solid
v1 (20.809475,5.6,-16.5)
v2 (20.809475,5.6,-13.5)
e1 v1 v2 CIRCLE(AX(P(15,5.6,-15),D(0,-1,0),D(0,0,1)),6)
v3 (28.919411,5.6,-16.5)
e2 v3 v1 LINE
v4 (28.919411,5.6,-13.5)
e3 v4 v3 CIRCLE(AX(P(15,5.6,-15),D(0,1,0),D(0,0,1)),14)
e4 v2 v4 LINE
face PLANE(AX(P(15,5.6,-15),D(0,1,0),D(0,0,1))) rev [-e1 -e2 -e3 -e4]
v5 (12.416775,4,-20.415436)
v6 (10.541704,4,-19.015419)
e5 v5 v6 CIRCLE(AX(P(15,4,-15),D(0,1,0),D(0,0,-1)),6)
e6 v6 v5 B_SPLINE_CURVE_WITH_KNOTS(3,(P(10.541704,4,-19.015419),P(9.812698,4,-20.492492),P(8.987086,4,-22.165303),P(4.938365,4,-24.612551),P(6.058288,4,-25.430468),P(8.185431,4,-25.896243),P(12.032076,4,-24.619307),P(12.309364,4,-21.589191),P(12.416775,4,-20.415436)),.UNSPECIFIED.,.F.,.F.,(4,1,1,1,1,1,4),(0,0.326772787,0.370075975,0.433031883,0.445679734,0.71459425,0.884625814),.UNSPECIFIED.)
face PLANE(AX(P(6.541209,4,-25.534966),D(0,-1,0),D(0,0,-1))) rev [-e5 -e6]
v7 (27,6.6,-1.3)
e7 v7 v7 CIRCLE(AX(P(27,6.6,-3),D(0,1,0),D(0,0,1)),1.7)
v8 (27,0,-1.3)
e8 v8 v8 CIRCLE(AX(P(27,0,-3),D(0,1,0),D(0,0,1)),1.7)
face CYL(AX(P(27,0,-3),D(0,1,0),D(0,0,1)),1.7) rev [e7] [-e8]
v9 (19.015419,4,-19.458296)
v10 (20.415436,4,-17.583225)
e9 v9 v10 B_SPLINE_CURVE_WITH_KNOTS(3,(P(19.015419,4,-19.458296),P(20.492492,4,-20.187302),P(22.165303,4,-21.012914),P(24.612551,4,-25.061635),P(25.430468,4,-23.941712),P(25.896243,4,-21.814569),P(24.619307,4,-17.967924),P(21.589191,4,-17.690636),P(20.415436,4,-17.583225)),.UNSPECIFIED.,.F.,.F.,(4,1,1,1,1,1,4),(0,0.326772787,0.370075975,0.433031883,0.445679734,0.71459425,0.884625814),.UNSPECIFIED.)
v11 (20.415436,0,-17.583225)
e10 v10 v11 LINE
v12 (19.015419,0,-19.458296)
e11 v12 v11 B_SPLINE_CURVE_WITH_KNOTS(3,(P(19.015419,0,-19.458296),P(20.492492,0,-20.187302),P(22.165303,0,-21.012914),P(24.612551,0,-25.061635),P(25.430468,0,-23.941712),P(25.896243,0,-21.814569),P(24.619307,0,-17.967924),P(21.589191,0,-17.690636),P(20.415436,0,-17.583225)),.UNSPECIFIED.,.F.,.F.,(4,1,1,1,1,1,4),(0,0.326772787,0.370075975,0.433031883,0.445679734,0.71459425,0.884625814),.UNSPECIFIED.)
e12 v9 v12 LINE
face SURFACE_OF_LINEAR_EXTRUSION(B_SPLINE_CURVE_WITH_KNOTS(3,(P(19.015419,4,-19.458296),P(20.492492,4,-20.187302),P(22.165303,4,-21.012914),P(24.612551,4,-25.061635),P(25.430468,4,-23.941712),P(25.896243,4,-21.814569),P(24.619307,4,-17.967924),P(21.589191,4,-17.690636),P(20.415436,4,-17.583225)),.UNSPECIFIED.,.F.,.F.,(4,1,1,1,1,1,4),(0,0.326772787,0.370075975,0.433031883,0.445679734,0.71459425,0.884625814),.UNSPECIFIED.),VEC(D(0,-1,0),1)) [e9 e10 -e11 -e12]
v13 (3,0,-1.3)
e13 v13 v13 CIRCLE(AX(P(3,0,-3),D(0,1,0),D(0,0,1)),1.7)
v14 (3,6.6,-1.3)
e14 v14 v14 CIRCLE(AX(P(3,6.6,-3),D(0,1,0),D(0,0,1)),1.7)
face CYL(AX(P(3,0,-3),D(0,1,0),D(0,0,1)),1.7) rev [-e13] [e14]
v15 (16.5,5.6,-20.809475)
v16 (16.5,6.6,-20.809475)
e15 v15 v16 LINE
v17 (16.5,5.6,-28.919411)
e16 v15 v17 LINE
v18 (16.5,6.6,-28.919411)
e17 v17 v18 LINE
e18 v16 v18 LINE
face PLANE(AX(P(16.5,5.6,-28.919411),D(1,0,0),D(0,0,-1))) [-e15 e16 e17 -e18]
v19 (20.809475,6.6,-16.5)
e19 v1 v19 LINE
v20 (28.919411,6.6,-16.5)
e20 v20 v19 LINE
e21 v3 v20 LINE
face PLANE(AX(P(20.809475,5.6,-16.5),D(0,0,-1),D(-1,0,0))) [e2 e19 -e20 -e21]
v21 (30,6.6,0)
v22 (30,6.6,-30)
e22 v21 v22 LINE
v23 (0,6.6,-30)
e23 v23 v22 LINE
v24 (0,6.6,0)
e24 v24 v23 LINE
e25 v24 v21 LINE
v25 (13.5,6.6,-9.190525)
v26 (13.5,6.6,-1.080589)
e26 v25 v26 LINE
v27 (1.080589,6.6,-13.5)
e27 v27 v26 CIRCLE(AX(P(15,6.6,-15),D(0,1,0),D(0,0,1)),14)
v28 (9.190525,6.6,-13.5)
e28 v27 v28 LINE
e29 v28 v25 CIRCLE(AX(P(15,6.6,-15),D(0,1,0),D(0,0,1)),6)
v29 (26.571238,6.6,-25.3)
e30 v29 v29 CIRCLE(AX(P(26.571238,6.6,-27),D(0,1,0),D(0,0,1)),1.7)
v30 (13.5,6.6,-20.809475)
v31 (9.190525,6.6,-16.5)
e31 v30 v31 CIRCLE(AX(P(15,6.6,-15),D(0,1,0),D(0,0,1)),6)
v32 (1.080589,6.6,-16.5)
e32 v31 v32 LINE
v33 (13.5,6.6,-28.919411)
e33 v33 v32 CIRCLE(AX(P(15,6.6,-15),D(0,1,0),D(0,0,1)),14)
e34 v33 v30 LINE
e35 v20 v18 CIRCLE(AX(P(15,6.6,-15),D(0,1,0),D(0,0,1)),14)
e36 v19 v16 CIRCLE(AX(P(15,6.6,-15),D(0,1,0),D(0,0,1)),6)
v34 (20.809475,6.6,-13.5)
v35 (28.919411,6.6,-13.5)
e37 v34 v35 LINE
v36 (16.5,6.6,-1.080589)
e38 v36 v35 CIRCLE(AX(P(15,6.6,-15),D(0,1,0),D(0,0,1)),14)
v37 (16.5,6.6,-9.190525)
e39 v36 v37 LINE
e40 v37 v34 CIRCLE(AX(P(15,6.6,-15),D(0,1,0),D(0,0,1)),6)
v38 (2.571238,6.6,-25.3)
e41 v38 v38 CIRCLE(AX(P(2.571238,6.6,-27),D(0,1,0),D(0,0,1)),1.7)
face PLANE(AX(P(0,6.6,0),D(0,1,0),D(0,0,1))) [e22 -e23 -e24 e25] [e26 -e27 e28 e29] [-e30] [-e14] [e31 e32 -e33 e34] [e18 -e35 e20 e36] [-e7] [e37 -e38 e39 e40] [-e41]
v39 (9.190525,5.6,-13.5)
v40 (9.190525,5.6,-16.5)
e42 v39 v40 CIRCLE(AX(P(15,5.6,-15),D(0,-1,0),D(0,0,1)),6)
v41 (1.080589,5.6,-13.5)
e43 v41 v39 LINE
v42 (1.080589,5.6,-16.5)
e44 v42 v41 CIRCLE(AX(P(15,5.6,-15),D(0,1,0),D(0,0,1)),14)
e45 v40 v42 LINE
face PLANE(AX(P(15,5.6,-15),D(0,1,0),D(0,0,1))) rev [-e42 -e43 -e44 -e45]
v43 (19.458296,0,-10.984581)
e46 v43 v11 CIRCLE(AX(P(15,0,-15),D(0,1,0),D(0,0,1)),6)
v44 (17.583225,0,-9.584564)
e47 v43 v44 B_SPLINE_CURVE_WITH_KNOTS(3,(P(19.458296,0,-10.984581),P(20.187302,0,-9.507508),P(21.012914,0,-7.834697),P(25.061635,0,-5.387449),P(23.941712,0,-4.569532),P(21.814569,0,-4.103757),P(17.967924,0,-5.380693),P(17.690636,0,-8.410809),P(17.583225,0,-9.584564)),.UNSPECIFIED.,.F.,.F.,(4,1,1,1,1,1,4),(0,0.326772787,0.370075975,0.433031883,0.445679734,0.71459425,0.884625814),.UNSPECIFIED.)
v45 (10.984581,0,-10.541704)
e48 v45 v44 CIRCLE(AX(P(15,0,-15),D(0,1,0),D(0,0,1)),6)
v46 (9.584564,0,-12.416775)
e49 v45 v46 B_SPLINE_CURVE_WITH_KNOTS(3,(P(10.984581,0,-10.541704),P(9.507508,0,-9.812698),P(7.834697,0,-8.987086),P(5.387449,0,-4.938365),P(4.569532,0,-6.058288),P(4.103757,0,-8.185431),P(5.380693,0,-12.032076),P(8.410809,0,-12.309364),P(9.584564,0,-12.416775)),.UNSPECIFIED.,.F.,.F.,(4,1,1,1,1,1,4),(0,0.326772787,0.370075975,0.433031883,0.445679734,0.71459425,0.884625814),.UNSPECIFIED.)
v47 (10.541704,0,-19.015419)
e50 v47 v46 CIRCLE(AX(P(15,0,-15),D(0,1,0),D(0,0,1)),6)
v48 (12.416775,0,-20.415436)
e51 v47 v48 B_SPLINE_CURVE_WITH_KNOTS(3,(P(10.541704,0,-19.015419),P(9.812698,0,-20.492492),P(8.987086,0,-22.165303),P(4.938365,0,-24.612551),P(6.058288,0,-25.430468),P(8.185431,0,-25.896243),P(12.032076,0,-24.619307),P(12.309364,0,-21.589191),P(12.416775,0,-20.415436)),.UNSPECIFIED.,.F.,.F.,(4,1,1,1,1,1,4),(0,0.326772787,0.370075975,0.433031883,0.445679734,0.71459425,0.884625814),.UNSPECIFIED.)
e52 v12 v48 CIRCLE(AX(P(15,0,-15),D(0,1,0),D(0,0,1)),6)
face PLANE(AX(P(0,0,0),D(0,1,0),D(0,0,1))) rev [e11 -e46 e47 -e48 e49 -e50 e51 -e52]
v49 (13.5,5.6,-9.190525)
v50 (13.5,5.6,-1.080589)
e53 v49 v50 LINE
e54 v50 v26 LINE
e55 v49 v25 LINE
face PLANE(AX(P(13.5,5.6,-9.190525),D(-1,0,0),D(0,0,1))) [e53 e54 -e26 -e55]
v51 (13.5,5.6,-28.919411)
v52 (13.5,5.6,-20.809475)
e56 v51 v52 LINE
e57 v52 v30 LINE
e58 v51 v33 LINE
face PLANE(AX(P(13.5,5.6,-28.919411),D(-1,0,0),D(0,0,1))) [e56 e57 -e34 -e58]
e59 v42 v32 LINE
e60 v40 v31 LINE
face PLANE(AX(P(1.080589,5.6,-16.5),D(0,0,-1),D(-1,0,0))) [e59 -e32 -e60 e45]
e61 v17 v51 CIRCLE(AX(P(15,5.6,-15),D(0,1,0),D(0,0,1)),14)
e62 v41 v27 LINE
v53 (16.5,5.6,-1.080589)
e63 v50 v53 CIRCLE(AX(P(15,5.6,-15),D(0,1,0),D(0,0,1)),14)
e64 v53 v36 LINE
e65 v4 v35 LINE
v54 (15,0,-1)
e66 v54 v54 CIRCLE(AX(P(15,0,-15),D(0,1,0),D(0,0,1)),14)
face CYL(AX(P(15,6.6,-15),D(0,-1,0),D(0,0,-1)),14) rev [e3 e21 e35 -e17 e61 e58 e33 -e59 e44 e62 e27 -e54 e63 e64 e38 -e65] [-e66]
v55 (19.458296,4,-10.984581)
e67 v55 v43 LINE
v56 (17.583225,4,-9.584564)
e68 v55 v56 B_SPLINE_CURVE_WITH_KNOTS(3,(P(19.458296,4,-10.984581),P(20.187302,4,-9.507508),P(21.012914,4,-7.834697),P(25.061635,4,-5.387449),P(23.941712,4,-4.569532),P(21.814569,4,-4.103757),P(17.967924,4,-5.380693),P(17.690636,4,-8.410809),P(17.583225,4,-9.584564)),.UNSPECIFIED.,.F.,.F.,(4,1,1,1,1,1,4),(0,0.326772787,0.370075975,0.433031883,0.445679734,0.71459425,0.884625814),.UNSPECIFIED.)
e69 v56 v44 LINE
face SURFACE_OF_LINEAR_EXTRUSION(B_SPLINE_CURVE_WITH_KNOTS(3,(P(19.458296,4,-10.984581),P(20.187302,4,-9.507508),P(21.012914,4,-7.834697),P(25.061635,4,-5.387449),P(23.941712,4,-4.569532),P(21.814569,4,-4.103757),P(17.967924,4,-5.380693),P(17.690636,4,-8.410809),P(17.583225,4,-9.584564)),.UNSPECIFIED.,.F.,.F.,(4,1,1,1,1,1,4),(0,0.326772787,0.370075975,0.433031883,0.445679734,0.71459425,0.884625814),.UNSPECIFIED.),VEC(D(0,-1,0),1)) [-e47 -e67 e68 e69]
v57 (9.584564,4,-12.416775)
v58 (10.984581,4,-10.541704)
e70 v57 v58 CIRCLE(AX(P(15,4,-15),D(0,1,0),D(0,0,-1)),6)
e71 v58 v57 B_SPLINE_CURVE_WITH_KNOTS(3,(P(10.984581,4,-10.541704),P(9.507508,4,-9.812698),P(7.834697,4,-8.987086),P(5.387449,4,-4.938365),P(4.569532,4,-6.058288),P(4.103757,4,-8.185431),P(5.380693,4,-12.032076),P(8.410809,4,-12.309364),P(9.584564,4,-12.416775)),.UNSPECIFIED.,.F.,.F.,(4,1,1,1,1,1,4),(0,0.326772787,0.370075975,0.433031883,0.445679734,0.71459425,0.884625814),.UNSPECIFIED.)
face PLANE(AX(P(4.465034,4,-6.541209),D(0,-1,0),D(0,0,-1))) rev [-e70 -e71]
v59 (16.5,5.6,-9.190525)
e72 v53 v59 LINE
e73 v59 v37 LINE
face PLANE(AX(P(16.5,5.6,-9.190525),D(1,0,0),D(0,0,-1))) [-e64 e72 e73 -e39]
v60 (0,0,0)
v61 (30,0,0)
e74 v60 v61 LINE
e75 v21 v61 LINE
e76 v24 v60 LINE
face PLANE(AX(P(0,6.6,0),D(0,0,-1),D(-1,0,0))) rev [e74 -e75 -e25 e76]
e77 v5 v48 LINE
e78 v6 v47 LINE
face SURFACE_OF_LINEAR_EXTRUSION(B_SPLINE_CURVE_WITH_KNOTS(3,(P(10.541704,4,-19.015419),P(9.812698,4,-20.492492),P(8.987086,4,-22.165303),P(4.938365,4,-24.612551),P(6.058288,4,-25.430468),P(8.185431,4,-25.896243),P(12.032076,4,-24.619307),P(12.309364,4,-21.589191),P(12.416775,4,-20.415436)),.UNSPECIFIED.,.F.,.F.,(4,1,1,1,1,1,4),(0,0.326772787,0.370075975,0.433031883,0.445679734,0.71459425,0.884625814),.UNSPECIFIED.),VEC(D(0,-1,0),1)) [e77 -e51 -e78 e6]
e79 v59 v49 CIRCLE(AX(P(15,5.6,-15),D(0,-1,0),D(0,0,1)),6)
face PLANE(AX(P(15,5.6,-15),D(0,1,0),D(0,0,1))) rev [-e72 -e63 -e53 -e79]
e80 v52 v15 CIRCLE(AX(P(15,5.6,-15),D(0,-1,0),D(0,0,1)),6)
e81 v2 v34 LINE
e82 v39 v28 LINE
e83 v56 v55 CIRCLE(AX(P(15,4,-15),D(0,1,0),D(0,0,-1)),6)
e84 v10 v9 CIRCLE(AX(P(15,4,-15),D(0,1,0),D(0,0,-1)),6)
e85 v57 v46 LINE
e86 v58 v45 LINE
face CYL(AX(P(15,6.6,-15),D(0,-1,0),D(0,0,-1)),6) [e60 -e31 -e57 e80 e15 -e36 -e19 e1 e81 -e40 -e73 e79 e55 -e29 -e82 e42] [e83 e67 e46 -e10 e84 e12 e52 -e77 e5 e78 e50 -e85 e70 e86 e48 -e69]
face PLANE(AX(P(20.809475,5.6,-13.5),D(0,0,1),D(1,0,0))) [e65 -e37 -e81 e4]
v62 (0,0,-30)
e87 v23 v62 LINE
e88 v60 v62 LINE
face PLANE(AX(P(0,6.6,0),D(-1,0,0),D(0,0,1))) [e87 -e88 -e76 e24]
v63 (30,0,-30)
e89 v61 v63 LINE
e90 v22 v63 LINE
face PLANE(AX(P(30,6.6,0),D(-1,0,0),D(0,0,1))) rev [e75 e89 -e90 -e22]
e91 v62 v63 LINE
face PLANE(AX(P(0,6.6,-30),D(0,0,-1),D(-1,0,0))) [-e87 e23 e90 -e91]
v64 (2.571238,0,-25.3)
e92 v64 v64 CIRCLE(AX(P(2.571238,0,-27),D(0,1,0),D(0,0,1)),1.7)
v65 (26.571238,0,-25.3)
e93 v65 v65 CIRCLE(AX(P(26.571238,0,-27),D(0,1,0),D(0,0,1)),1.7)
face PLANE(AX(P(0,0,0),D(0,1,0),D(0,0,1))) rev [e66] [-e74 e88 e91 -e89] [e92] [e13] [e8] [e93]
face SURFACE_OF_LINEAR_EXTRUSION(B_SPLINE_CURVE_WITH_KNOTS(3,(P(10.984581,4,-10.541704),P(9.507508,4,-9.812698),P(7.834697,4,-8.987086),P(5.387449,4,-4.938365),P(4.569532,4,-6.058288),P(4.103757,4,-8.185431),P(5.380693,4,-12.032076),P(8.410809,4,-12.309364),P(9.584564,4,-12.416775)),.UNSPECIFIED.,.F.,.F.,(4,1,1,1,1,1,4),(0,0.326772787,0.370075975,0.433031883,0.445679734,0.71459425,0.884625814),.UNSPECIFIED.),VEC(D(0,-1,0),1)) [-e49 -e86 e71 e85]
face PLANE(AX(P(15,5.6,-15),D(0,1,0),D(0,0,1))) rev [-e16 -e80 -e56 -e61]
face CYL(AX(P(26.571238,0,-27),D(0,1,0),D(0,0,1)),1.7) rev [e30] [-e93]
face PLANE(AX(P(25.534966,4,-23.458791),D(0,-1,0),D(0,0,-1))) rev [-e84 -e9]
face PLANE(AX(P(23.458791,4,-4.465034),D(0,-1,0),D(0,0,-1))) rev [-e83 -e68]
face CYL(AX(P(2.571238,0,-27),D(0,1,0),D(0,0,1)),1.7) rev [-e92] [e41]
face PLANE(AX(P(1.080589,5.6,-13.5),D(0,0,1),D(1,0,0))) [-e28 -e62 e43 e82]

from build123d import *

# Parameters (mm, degrees)
SKETCH1_R             = 6
BOSS_EXTRUDE1_DEPTH   = 6.6
SKETCH1_W             = 30
SKETCH1_H             = 30
SKETCH1_R_2           = 14
BOSS_EXTRUDE1_2_DEPTH = 6.6
BOSS_EXTRUDE2_START   = -1
BOSS_EXTRUDE2_DEPTH   = 1
BOSS_EXTRUDE3_DEPTH   = 4
SKETCH4_R             = 1.7
CUT_EXTRUDE1_DEPTH    = 43.936697606


with BuildPart() as part:
    # Sketch1 → Boss-Extrude1 (new body)
    with BuildSketch(Plane(origin=(0, 0, 0), x_dir=(1, 0, 0), z_dir=(0, 1, 0))):
        with Locations(Location((15, 15, 0), (0, 0, 270))):
            Circle(SKETCH1_R)
    extrude(amount=BOSS_EXTRUDE1_DEPTH)



with BuildPart() as body_2:
    # Sketch1 → Boss-Extrude1 2 (new body)
    with BuildSketch(Plane(origin=(0, 0, 0), x_dir=(1, 0, 0), z_dir=(0, 1, 0))):
        with Locations((15, 15)):
            Rectangle(SKETCH1_W, SKETCH1_H)
        with Locations(Location((15, 15, 0), (0, 0, 270))):
            Circle(SKETCH1_R_2, mode=Mode.SUBTRACT)
    extrude(amount=BOSS_EXTRUDE1_2_DEPTH)


with BuildPart() as part_1:
    add(part.part)

    add(body_2.part)  # Boss-Extrude2 merges body 2
    # Sketch2 → Boss-Extrude2 (add)
    with BuildSketch(Plane(origin=(0, 6.6, 0), x_dir=(1, 0, 0), z_dir=(0, 1, 0)).offset(BOSS_EXTRUDE2_START)):
        with BuildLine():
            Line((13.5, 28.919410907), (13.5, 20.809475019))
            ThreePointArc((13.5, 20.809475019), (15, 21), (16.5, 20.809475019))
            Line((16.5, 20.809475019), (16.5, 28.919410907))
            ThreePointArc((16.5, 28.919410907), (15, 29), (13.5, 28.919410907))
        make_face()
        with BuildLine():
            Line((1.080589093, 16.5), (9.190524981, 16.5))
            ThreePointArc((9.190524981, 16.5), (9, 15), (9.190524981, 13.5))
            Line((9.190524981, 13.5), (1.080589093, 13.5))
            ThreePointArc((1.080589093, 13.5), (1, 15), (1.080589093, 16.5))
        make_face()
        with BuildLine():
            Line((16.5, 9.190524981), (16.5, 1.080589093))
            ThreePointArc((16.5, 1.080589093), (15, 1), (13.5, 1.080589093))
            Line((13.5, 1.080589093), (13.5, 9.190524981))
            ThreePointArc((13.5, 9.190524981), (15, 9), (16.5, 9.190524981))
        make_face()
        with BuildLine():
            Line((20.809475019, 16.5), (28.919410907, 16.5))
            ThreePointArc((28.919410907, 16.5), (29, 15), (28.919410907, 13.5))
            Line((28.919410907, 13.5), (20.809475019, 13.5))
            ThreePointArc((20.809475019, 13.5), (21, 15), (20.809475019, 16.5))
        make_face()
    extrude(amount=BOSS_EXTRUDE2_DEPTH)

    # Sketch3 → Boss-Extrude3 (add)
    with BuildSketch(Plane.XZ):
        with BuildLine():
            ThreePointArc((10.984580655, -10.541703522), (10.192273789, -11.410324711), (9.58456397, -12.416774767))
            add(Edge.make_bspline(
                [(9.58456397, -12.416774767), (8.410808732, -12.309363624), (5.380693334, -12.032075695), (4.103757472, -8.185431429), (4.56953199, -6.058287866), (5.387449297, -4.938364862), (7.834696959, -8.987085919), (9.507507968, -9.812697812), (10.984580655, -10.541703522)],
                knots=[0, 0, 0, 0, 0.170031564, 0.438946079, 0.451593931, 0.514549839, 0.557853027, 0.884625814, 0.884625814, 0.884625814, 0.884625814], degree=3))
        make_face()
        with BuildLine():
            ThreePointArc((19.458296478, -10.984580655), (18.589675289, -10.192273789), (17.583225233, -9.58456397))
            add(Edge.make_bspline(
                [(17.583225233, -9.58456397), (17.690636376, -8.410808732), (17.967924305, -5.380693334), (21.814568571, -4.103757472), (23.941712134, -4.56953199), (25.061635138, -5.387449297), (21.012914081, -7.834696959), (20.187302188, -9.507507968), (19.458296478, -10.984580655)],
                knots=[0, 0, 0, 0, 0.170031564, 0.438946079, 0.451593931, 0.514549839, 0.557853027, 0.884625814, 0.884625814, 0.884625814, 0.884625814], degree=3))
        make_face()
        with BuildLine():
            ThreePointArc((19.015419345, -19.458296478), (19.807726211, -18.589675289), (20.41543603, -17.583225233))
            add(Edge.make_bspline(
                [(20.41543603, -17.583225233), (21.589191268, -17.690636376), (24.619306666, -17.967924305), (25.896242528, -21.814568571), (25.43046801, -23.941712134), (24.612550703, -25.061635138), (22.165303041, -21.012914081), (20.492492032, -20.187302188), (19.015419345, -19.458296478)],
                knots=[0, 0, 0, 0, 0.170031564, 0.438946079, 0.451593931, 0.514549839, 0.557853027, 0.884625814, 0.884625814, 0.884625814, 0.884625814], degree=3))
        make_face()
        with BuildLine():
            ThreePointArc((10.541703522, -19.015419345), (11.410324711, -19.807726211), (12.416774767, -20.41543603))
            add(Edge.make_bspline(
                [(12.416774767, -20.41543603), (12.309363624, -21.589191268), (12.032075695, -24.619306666), (8.185431429, -25.896242528), (6.058287866, -25.43046801), (4.938364862, -24.612550703), (8.987085919, -22.165303041), (9.812697812, -20.492492032), (10.541703522, -19.015419345)],
                knots=[0, 0, 0, 0, 0.170031564, 0.438946079, 0.451593931, 0.514549839, 0.557853027, 0.884625814, 0.884625814, 0.884625814, 0.884625814], degree=3))
        make_face()
    extrude(amount=-BOSS_EXTRUDE3_DEPTH)

    # Sketch4 → Cut-Extrude1 (cut, through all)
    with BuildSketch(Plane(origin=(0, 6.6, 0), x_dir=(1, 0, 0), z_dir=(0, 1, 0))):
        with Locations(Location((2.571237946, 27, 0), (0, 0, 270))):
            Circle(SKETCH4_R)
        with Locations(Location((26.571237946, 27, 0), (0, 0, 270))):
            Circle(SKETCH4_R)
        with Locations(Location((27, 3, 0), (0, 0, 270))):
            Circle(SKETCH4_R)
        with Locations(Location((3, 3, 0), (0, 0, 270))):
            Circle(SKETCH4_R)
    extrude(amount=-CUT_EXTRUDE1_DEPTH, mode=Mode.SUBTRACT)


solid = part_1.part
